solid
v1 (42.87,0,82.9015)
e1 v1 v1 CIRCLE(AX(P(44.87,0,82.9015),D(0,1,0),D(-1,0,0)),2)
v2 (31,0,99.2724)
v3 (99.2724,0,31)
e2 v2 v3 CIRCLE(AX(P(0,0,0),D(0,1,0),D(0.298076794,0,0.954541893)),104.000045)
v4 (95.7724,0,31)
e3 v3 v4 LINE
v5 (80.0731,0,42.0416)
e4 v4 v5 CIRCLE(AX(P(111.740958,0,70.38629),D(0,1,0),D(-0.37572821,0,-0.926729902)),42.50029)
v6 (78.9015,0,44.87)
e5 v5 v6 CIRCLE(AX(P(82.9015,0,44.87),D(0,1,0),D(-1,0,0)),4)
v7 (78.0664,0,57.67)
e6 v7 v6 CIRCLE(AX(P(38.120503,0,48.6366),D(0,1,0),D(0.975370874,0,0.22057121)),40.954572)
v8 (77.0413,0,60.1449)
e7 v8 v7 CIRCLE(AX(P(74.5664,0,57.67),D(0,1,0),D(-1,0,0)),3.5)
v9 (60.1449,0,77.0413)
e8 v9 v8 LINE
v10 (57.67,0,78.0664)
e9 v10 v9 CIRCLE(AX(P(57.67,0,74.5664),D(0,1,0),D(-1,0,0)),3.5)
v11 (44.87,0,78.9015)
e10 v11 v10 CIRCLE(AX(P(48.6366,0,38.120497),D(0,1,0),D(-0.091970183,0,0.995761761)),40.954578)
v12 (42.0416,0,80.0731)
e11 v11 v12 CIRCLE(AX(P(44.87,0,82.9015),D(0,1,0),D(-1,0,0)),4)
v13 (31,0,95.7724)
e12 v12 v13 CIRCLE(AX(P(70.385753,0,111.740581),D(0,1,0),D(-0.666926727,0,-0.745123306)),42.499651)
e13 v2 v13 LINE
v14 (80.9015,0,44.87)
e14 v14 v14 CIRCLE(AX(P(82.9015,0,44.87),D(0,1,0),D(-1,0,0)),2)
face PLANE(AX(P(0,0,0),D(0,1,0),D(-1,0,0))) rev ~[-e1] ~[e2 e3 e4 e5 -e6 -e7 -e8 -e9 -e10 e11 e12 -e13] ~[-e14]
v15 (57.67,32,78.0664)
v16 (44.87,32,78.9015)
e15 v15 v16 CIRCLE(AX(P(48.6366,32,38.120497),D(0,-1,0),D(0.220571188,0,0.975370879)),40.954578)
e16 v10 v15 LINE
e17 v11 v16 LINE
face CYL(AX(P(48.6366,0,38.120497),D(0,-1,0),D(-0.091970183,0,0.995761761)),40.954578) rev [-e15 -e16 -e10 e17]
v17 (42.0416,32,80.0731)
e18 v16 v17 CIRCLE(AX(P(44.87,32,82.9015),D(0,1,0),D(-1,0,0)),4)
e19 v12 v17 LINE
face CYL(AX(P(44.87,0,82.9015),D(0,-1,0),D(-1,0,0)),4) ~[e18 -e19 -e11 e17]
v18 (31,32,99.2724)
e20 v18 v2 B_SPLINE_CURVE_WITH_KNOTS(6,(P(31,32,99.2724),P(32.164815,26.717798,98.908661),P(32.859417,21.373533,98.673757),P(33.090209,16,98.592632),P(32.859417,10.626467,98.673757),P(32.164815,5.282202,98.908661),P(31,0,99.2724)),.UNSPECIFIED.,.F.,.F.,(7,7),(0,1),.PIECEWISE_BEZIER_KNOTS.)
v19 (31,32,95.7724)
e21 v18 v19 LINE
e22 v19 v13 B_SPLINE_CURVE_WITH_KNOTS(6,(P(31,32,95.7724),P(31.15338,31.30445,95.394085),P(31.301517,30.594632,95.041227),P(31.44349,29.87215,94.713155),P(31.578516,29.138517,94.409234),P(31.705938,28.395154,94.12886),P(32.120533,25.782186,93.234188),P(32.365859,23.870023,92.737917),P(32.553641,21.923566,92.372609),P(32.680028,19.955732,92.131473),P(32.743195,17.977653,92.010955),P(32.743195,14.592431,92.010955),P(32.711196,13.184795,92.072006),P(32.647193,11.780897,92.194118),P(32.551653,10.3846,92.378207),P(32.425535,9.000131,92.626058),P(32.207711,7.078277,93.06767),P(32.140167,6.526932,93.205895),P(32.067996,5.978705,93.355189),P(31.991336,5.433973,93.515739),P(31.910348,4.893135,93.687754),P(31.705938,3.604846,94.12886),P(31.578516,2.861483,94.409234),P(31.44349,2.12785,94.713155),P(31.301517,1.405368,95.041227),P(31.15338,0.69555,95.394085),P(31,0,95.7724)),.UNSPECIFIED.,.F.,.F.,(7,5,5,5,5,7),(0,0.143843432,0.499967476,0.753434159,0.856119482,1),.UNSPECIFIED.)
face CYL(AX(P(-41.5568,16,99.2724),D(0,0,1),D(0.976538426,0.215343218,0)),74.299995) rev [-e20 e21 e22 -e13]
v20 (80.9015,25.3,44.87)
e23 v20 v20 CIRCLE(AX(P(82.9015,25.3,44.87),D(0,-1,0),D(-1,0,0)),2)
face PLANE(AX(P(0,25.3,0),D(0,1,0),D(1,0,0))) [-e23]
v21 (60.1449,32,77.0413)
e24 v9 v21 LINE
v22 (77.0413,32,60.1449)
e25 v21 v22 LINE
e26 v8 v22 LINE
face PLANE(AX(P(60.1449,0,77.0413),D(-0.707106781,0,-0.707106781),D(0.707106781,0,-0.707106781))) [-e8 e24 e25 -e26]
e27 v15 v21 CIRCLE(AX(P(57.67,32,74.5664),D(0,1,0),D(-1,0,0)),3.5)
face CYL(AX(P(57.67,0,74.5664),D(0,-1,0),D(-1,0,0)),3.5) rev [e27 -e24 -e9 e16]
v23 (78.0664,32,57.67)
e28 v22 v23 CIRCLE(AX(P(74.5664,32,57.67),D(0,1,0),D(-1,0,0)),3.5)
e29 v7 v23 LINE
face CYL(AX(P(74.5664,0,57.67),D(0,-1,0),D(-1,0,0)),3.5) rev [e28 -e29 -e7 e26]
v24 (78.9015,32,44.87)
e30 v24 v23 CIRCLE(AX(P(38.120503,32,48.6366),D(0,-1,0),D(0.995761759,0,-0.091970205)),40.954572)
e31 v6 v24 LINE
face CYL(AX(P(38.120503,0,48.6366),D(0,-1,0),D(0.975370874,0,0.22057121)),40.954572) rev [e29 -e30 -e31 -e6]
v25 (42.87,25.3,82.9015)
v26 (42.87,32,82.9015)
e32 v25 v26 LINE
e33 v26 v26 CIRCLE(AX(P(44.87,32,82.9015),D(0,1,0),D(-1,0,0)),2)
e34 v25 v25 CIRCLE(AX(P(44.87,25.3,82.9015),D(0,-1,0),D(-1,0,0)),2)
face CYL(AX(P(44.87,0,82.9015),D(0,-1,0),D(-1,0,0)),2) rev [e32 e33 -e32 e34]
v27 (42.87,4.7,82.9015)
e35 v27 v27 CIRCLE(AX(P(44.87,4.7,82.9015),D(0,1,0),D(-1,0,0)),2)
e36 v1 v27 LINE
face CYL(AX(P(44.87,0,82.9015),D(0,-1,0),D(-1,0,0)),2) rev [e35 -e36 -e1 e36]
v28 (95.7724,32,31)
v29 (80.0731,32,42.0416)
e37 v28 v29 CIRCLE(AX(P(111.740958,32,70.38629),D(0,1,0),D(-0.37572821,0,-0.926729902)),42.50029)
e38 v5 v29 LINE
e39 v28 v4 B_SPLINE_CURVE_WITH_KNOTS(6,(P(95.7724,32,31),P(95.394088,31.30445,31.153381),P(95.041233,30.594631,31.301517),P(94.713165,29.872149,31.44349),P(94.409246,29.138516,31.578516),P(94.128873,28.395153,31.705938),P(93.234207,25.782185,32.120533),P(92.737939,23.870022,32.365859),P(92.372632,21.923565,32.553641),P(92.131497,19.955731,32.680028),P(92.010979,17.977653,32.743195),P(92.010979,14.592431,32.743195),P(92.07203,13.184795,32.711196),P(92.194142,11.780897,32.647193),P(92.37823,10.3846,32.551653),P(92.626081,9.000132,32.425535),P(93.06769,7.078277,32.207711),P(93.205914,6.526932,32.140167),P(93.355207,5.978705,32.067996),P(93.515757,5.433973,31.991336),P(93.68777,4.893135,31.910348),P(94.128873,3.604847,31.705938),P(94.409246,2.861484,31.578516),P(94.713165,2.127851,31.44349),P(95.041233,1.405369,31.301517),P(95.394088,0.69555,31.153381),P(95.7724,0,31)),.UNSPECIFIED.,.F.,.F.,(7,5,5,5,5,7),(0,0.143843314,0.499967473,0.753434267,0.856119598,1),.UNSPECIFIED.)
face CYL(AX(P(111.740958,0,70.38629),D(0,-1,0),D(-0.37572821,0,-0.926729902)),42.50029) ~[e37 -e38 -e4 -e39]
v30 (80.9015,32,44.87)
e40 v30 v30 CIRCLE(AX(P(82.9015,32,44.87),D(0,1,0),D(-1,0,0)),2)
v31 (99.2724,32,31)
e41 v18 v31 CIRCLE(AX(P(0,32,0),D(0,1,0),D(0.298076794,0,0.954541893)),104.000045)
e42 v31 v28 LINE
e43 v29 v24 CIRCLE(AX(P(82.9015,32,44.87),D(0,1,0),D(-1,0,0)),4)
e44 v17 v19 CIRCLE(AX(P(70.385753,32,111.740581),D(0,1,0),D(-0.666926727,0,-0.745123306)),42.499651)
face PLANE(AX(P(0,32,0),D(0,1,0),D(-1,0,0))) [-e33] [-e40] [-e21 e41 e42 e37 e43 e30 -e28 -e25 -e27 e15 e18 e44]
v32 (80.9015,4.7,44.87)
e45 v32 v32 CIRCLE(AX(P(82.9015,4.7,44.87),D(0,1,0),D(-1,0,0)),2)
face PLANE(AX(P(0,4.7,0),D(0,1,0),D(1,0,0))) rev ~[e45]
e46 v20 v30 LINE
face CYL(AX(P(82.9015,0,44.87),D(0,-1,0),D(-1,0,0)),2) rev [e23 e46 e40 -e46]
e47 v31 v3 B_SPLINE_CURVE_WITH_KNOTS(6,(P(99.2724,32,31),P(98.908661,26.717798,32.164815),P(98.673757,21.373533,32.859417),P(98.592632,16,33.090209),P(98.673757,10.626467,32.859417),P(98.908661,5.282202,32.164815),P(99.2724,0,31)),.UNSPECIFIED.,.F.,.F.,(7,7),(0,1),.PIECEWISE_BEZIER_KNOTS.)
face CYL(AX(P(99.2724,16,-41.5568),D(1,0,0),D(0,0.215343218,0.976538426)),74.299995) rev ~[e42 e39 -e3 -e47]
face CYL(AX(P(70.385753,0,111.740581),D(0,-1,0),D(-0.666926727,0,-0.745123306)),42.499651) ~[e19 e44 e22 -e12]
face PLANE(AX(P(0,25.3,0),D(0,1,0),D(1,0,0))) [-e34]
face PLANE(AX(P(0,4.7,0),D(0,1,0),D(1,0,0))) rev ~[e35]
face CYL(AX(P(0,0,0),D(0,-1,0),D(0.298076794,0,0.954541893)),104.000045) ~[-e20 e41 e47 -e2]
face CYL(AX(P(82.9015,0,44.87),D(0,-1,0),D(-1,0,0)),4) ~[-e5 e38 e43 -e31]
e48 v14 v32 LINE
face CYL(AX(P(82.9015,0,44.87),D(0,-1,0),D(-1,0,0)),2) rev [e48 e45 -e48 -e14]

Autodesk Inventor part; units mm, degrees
ref_plane "YZ Plane" through (0, 0, 0) normal (1, 0, 0) x (0, 1, 0)
ref_plane "XZ Plane" through (0, 0, 0) normal (0, 1, 0) x (-1, 0, 0)
ref_plane "XY Plane" through (0, 0, 0) normal (0, 0, 1) x (1, 0, 0)
sketch "Эскиз1" plane through (0, 0, 0) normal (0, 1, 0) x (-1, 0, 0)
  arc A0 (-31, 99.2724) -> (-99.2724, 31) centre (0, 0) ccw
  circle A1 centre (-74.5664, 57.67) radius 1.5
  circle A2 centre (-82.9015, 44.87) radius 1.5
  circle A3 centre (-57.67, 74.5664) radius 1.5
  circle A4 centre (-44.87, 82.9015) radius 1.5
  line L0 (-31, 99.2724) -> (-31, 78.7724)
  line L1 (-31, 78.7724) -> (31, 78.7724)
  circle A5 centre (-16, 72.43) radius 1.5
  circle A6 centre (16, 72.43) radius 1.5
  circle A7 centre (31, 72.43) radius 1.5
  line L2 (31, 78.7724) -> (31, 99.2724)
  circle A8 centre (16, 42.22) radius 1.5
  circle A9 centre (-16, 42.22) radius 1.5
  circle A10 centre (-42.22, 16) radius 1.5
  circle A11 centre (-72.43, 16) radius 1.5
  line L3 (-99.2724, 31) -> (-78.7724, 31)
  line L4 (-78.7724, 31) -> (-78.7724, -31)
  arc A12 (34.57, 98.0863) -> (98.0863, 34.57) centre (109.0212, 109.0212) ccw
  circle A13 centre (72.43, 31) radius 1.5
  line L5 (99.2724, 31) -> (78.7724, 31)
  line L6 (78.7724, 31) -> (78.7724, -31)
  circle A14 centre (72.43, 16) radius 1.5
  circle A15 centre (42.22, 16) radius 1.5
  circle A16 centre (42.22, -16) radius 1.5
  circle A17 centre (72.43, -16) radius 1.5
  circle A18 centre (82.9015, -44.87) radius 1.5
  line L7 (78.7724, -31) -> (99.2724, -31)
  arc A19 (31, -99.2724) -> (99.2724, -31) centre (0, 0) ccw
  circle A20 centre (74.5664, -57.67) radius 1.5
  circle A21 centre (16, -42.22) radius 1.5
  circle A22 centre (57.67, -74.5664) radius 1.5
  circle A23 centre (44.87, -82.9015) radius 1.5
  circle A24 centre (16, -72.43) radius 1.5
  line L8 (31, -78.7724) -> (31, -99.2724)
  line L9 (-31, -78.7724) -> (31, -78.7724)
  circle A25 centre (-16, -72.43) radius 1.5
  circle A26 centre (-16, -42.22) radius 1.5
  circle A27 centre (-31, -72.43) radius 1.5
  circle A28 centre (-42.22, -16) radius 1.5
  circle A29 centre (-72.43, -16) radius 1.5
  circle A30 centre (-72.43, -31) radius 1.5
  line L10 (-78.7724, -31) -> (-99.2724, -31)
  line L11 (-31, -99.2724) -> (-31, -78.7724)
  arc A31 (-34.57, -98.0863) -> (-31, -99.2724) centre (0, 0) ccw
  arc A32 (-99.2724, -31) -> (-98.0863, -34.57) centre (0, 0) ccw
  arc A33 (-34.57, -98.0863) -> (-98.0863, -34.57) centre (-109.0212, -109.0212) ccw
  line L12 (-73.5391, 73.5391) -> (73.5391, -73.5391) construction
  arc A34 (34.57, 98.0863) -> (31, 99.2724) centre (0, 0) ccw
  arc A35 (99.2724, 31) -> (98.0863, 34.57) centre (0, 0) ccw
  arc A36 (-98.0863, -34.57) -> (-34.57, -98.0863) centre (0, 0) ccw
  arc A37 (98.0863, 34.57) -> (34.57, 98.0863) centre (0, 0) ccw
sketch "Эскиз2" plane through (0, 0, 0) normal (0, 1, 0) x (-1, 0, 0)
  circle A0 centre (-82.9015, 44.87) radius 1.5 projected
  circle A1 centre (-44.87, 82.9015) radius 1.5 projected
  circle A2 centre (-44.87, 82.9015) radius 2
  circle A3 centre (-82.9015, 44.87) radius 2
  arc A4 (-31, 99.2724) -> (-99.2724, 31) centre (0, 0) ccw projected
  arc A5 (-31, 99.2724) -> (-99.2724, 31) centre (0, 0) ccw
  circle A6 centre (-44.87, 82.9015) radius 4
  circle A7 centre (-82.9015, 44.87) radius 4
  line L0 (-73.5391, 73.5391) -> (73.5391, -73.5391) construction
  line L1 (-31, 99.2724) -> (-31, 78.7724) projected
  line L2 (-99.2724, 31) -> (-78.7724, 31) projected
  arc A8 (-31, 95.7724) -> (-95.7724, 31) centre (0, 0) ccw construction
  line L3 (-31, 95.7724) -> (-95.7724, 31) construction
  line L4 (-42.0416, 85.7299) -> (-47.6984, 80.0731) construction
  circle A9 centre (-57.67, 74.5664) radius 1.5 construction
  circle A10 centre (-74.5664, 57.67) radius 1.5 construction
  circle A11 centre (-57.67, 74.5664) radius 3.5
  circle A12 centre (-74.5664, 57.67) radius 3.5
  line L5 (-60.1449, 77.0413) -> (-55.1951, 72.0915) construction
  line L6 (-77.0413, 60.1449) -> (-72.0915, 55.1951) construction
  line L7 (-60.1449, 77.0413) -> (-77.0413, 60.1449)
  line L8 (-44.87, 82.9015) -> (-42.0416, 80.0731) construction
  arc A13 (-42.0416, 80.0731) -> (-31, 95.7724) centre (-70.386, 111.7408) ccw
  line L9 (-42.0416, 80.0731) -> (-47.6984, 80.0731) construction
  line L10 (-44.87, 82.9015) -> (-44.87, 78.9015) construction
  line L11 (-55.1951, 77.0413) -> (-60.1449, 72.0915) construction
  line L12 (-60.1449, 77.0413) -> (-55.1951, 77.0413) construction
  line L13 (-57.67, 74.5664) -> (-57.67, 78.0664) construction
  arc A14 (-44.87, 78.9015) -> (-57.67, 78.0664) centre (-48.6366, 38.1205) ccw
  arc A15 (-78.0664, 57.67) -> (-78.9015, 44.87) centre (-38.1205, 48.6366) ccw
  line L14 (-82.9015, 44.87) -> (-80.0731, 42.0416) construction
  arc A16 (-95.7724, 31) -> (-80.0731, 42.0416) centre (-111.7408, 70.386) ccw
  point P0 (-95.7724, 31)
  point P1 (-95.7724, 31)
  point P2 (-78.9015, 44.87)
  dimension "d3" = 8
  dimension "d0" = 4
  dimension "d1" = 4
  dimension "d2" = 8
  dimension "d4" = 3.5
  dimension "d5" = 3.5
  dimension "d7" = 7
  dimension "d8" = 7
  dimension "d9" = 42.5
extrude "Выдавливание1" add sketch "Эскиз2" along normal blind 32 contours L1 A13 A6 A14 A11 L7 A12 A15 A7 A16 L2 A4 | A6 A14 | A7 A15 picked at (-41.5746, 83.2174) picked at (-80.8909, 42.2371)
ref_plane "РабПлоскость1" through (0, 25.3, 0) normal (0, 1, 0) x (1, 0, 0)
sketch "Эскиз3" plane through (0, 25.3, 0) normal (0, 1, 0) x (1, 0, 0)
  circle A0 centre (44.87, -82.9015) radius 2 projected
  circle A1 centre (82.9015, -44.87) radius 2 projected
  point P0 (0, 0)
extrude "Выдавливание2" add sketch "Эскиз3" against normal blind 20.6
ref_plane "РабПлоскость2" through (99.2724, 32, 31) normal (1, 0, 0) x (0, -1, 0)
sketch "Эскиз4" plane through (99.2724, 32, 31) normal (1, 0, 0) x (0, -1, 0)
  arc A0 (0, 0) -> (32, 0) centre (16, 72.5568) ccw
  line L0 (32, 0) -> (0, 0) projected
  line L1 (0, 0) -> (32, 0)
  point P0 (32, 31)
  dimension "d15" = 74.3
extrude "Выдавливание3" cut sketch "Эскиз4" against normal blind 20.6
ref_plane "РабПлоскость3" through (73.5391, 32, 73.5391) normal (0.7071, 0, -0.7071) x (0, -1, 0)
mirror "Зеркальное отражение1" about plane through (73.5391, 32, 73.5391) normal (0.7071, 0, -0.7071) of "Выдавливание3"
equation "\"d5\" = d4"
properties part number "protect"
